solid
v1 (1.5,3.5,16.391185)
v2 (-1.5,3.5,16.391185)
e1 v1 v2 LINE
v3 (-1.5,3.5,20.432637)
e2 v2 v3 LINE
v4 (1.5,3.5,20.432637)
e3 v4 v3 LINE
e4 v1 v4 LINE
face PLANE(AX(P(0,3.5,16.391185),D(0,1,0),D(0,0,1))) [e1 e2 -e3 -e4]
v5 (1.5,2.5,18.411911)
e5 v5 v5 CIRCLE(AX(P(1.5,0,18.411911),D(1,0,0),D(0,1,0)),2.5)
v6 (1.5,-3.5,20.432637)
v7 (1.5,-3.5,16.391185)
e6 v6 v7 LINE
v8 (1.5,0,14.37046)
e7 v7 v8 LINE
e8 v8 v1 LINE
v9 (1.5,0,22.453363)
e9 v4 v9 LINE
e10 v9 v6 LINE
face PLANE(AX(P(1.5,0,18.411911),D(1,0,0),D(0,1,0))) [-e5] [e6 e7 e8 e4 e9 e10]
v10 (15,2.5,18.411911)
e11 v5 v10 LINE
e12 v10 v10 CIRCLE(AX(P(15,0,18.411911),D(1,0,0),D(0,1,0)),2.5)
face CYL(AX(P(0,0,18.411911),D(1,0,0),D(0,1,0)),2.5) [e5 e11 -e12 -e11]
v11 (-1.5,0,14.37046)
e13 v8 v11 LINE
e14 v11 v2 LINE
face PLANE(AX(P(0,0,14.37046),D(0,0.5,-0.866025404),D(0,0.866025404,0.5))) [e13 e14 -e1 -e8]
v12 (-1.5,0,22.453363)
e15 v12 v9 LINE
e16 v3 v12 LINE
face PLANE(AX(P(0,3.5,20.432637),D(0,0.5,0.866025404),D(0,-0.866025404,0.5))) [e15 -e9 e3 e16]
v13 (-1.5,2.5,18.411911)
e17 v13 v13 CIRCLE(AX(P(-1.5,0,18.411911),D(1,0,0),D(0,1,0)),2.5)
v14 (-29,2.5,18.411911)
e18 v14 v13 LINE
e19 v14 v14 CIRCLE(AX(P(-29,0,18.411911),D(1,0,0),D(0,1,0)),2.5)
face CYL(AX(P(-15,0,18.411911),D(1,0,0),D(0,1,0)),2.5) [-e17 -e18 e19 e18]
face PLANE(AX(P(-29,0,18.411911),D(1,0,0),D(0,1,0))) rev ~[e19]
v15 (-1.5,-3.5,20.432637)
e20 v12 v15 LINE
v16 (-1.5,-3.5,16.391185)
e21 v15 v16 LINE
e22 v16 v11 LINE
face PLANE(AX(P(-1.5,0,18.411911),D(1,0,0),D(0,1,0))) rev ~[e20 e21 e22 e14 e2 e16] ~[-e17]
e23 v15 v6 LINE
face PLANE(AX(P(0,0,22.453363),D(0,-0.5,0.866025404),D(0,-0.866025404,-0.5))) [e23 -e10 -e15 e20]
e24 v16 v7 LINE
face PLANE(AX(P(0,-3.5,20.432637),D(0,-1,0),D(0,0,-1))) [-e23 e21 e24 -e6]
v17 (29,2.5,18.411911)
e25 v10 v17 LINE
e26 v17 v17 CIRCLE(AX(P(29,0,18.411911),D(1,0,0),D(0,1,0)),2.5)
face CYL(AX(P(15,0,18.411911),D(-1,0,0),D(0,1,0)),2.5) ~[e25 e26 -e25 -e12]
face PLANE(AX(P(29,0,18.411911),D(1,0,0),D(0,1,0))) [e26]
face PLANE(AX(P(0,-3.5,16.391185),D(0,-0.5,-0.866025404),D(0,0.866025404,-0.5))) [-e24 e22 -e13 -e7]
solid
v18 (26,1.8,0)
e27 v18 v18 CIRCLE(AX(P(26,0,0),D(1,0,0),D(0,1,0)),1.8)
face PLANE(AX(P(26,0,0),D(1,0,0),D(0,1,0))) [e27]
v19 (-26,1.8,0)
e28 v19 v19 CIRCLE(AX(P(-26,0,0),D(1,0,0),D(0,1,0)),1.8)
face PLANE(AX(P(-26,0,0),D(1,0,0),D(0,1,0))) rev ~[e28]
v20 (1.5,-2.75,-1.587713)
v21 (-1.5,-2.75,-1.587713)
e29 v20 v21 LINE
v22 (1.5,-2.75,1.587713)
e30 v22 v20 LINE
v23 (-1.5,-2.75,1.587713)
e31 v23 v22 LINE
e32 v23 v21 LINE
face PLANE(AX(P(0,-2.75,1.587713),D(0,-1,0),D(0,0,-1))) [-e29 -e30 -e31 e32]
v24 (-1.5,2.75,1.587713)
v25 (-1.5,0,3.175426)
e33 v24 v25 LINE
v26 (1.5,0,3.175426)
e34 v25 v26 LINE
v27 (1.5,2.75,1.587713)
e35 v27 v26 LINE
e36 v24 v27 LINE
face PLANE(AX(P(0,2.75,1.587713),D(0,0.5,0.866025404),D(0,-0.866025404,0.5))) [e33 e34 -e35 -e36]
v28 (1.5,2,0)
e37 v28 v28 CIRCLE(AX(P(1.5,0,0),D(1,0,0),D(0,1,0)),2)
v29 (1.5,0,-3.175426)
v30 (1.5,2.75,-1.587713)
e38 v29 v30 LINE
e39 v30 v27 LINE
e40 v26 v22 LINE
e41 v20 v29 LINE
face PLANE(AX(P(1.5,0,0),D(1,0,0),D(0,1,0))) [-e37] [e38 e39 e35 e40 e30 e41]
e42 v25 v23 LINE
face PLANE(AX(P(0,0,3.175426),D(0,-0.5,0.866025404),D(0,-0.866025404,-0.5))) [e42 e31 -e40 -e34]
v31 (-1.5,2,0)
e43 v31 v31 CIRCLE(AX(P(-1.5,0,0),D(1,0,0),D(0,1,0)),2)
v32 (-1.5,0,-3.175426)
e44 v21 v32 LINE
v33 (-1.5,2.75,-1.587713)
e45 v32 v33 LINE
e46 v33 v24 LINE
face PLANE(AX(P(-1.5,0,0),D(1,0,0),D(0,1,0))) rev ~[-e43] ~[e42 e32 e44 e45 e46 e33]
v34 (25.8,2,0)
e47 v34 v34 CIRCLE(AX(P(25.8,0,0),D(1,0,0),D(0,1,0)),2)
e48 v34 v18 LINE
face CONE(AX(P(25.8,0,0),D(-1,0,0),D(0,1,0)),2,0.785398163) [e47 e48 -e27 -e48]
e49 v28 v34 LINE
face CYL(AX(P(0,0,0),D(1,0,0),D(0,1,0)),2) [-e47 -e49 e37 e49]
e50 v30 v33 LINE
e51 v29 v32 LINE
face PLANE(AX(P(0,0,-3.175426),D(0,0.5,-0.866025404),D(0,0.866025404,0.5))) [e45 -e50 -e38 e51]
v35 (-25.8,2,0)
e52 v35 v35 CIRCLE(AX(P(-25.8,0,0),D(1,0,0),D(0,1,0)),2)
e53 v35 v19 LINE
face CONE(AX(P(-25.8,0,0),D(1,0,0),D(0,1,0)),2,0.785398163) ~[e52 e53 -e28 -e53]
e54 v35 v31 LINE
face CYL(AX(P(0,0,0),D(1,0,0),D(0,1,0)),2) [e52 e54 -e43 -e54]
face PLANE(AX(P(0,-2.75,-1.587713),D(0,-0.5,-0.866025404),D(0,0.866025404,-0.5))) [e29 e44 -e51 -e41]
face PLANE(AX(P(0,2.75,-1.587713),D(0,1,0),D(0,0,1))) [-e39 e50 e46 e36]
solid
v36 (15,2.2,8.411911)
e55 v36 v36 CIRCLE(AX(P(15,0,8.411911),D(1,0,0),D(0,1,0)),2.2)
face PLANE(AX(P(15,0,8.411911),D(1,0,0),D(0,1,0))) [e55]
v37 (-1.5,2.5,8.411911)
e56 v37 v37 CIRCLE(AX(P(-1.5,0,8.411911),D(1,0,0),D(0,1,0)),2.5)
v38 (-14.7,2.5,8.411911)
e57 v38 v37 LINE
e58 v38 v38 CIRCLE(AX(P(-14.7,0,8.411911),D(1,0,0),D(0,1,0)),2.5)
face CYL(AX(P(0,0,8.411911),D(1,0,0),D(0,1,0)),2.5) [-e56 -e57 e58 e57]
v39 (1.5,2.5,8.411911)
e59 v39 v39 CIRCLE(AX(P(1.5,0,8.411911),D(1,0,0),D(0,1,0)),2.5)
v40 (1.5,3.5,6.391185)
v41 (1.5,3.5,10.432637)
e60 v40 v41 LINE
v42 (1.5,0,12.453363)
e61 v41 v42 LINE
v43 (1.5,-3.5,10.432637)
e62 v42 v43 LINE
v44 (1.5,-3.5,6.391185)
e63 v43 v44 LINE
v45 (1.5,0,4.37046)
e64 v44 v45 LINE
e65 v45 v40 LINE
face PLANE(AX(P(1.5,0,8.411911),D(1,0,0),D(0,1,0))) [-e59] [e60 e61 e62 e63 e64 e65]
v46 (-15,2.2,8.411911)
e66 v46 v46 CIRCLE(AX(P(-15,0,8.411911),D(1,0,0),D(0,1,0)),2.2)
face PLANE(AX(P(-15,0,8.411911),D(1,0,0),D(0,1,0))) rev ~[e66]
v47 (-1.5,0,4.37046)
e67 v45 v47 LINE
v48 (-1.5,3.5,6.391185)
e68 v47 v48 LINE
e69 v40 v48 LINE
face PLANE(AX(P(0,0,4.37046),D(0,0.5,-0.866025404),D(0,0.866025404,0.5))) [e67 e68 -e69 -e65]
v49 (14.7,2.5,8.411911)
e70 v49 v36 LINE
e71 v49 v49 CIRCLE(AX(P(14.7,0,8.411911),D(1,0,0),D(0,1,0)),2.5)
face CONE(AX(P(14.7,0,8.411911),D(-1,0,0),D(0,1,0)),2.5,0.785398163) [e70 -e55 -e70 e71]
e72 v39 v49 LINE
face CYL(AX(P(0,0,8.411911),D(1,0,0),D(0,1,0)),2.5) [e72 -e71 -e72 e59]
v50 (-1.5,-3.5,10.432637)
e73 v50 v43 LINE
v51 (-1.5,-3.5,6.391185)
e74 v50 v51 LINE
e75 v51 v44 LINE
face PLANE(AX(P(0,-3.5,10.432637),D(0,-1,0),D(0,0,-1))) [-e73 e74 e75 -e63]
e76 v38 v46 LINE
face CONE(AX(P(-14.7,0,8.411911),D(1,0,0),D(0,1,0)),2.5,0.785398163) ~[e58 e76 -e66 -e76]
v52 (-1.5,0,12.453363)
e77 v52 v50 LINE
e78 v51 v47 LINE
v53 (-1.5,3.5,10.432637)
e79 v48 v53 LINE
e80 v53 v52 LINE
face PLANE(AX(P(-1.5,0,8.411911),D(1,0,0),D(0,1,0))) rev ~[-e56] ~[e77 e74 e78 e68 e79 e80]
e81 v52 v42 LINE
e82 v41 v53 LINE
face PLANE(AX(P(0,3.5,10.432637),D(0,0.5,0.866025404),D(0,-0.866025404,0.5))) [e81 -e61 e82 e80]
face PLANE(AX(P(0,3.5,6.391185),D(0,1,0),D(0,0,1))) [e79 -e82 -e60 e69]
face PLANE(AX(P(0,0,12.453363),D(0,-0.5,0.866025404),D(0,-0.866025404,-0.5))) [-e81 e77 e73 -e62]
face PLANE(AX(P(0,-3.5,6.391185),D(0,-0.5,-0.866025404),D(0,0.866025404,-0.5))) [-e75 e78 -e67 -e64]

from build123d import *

# Parameters (mm, degrees)
F0_R      = 2
F1_DEPTH  = 26
F3_DEPTH  = 1.5
F4_R      = 2.5
F5_DEPTH  = 15
F7_DEPTH  = 1.5
F8_SIZE   = 0.2
F10_SIZE  = 0.3
F11_DEPTH = 14
F12_DEPTH = 14


with BuildPart() as f1:
    # F0 (on Right) → F1 (new body, symmetric)
    with BuildSketch(Plane.YZ):
        Circle(F0_R)
    extrude(amount=F1_DEPTH, both=True)

    # F2 (on Right) → F3 (join, symmetric)
    with BuildSketch(Plane.YZ):
        Polygon((2.75, -1.5877132403), (2.75, 1.5877132403), (0, 3.1754264805), (-2.75, 1.5877132403), (-2.75, -1.5877132403), (0, -3.1754264805), align=None)
    extrude(amount=F3_DEPTH, both=True)

    # F8
    f8_edges = [f1.edges().sort_by_distance(p)[0] for p in [
        (26, -2, 0),
        (-26, -2, 0),
    ]]
    chamfer(f8_edges, length=F8_SIZE)


with BuildPart() as f5:
    # F4 (on Right) → F5 (new body, symmetric)
    with BuildSketch(Plane.YZ):
        with Locations((0, 8.4119113909)):
            Circle(F4_R)
    extrude(amount=F5_DEPTH, both=True)

    # F6 (on Right) → F7 (join, symmetric)
    with BuildSketch(Plane.YZ):
        Polygon((3.5, 10.4326373331), (0, 12.4533632753), (-3.5, 10.4326373331), (-3.5, 6.3911854488), (0, 4.3704595066), (3.5, 6.3911854488), align=None)
    extrude(amount=F7_DEPTH, both=True)


with BuildPart() as f9_1:
    # F9: copy of F5
    add(f5.part.moved(Location((0, 0, 10))))

    # F11 (add): a face of the model
    f11_faces = [f9_1.faces().sort_by_distance(p)[0] for p in [
        (-15, 0, 18.4119113909),
    ]]
    extrude(f11_faces, amount=F11_DEPTH)

    # F12 (add): a face of the model
    f12_faces = [f9_1.faces().sort_by_distance(p)[0] for p in [
        (15, 0, 18.4119113909),
    ]]
    extrude(f12_faces, amount=F12_DEPTH)


with BuildPart() as f5_1:
    add(f5.part)

    # F10
    f10_edges = [f5_1.edges().sort_by_distance(p)[0] for p in [
        (-15, -2.5, 8.411911),
        (15, -2.5, 8.411911),
    ]]
    chamfer(f10_edges, length=F10_SIZE)


solid = Compound([f1.part, f9_1.part, f5_1.part])
